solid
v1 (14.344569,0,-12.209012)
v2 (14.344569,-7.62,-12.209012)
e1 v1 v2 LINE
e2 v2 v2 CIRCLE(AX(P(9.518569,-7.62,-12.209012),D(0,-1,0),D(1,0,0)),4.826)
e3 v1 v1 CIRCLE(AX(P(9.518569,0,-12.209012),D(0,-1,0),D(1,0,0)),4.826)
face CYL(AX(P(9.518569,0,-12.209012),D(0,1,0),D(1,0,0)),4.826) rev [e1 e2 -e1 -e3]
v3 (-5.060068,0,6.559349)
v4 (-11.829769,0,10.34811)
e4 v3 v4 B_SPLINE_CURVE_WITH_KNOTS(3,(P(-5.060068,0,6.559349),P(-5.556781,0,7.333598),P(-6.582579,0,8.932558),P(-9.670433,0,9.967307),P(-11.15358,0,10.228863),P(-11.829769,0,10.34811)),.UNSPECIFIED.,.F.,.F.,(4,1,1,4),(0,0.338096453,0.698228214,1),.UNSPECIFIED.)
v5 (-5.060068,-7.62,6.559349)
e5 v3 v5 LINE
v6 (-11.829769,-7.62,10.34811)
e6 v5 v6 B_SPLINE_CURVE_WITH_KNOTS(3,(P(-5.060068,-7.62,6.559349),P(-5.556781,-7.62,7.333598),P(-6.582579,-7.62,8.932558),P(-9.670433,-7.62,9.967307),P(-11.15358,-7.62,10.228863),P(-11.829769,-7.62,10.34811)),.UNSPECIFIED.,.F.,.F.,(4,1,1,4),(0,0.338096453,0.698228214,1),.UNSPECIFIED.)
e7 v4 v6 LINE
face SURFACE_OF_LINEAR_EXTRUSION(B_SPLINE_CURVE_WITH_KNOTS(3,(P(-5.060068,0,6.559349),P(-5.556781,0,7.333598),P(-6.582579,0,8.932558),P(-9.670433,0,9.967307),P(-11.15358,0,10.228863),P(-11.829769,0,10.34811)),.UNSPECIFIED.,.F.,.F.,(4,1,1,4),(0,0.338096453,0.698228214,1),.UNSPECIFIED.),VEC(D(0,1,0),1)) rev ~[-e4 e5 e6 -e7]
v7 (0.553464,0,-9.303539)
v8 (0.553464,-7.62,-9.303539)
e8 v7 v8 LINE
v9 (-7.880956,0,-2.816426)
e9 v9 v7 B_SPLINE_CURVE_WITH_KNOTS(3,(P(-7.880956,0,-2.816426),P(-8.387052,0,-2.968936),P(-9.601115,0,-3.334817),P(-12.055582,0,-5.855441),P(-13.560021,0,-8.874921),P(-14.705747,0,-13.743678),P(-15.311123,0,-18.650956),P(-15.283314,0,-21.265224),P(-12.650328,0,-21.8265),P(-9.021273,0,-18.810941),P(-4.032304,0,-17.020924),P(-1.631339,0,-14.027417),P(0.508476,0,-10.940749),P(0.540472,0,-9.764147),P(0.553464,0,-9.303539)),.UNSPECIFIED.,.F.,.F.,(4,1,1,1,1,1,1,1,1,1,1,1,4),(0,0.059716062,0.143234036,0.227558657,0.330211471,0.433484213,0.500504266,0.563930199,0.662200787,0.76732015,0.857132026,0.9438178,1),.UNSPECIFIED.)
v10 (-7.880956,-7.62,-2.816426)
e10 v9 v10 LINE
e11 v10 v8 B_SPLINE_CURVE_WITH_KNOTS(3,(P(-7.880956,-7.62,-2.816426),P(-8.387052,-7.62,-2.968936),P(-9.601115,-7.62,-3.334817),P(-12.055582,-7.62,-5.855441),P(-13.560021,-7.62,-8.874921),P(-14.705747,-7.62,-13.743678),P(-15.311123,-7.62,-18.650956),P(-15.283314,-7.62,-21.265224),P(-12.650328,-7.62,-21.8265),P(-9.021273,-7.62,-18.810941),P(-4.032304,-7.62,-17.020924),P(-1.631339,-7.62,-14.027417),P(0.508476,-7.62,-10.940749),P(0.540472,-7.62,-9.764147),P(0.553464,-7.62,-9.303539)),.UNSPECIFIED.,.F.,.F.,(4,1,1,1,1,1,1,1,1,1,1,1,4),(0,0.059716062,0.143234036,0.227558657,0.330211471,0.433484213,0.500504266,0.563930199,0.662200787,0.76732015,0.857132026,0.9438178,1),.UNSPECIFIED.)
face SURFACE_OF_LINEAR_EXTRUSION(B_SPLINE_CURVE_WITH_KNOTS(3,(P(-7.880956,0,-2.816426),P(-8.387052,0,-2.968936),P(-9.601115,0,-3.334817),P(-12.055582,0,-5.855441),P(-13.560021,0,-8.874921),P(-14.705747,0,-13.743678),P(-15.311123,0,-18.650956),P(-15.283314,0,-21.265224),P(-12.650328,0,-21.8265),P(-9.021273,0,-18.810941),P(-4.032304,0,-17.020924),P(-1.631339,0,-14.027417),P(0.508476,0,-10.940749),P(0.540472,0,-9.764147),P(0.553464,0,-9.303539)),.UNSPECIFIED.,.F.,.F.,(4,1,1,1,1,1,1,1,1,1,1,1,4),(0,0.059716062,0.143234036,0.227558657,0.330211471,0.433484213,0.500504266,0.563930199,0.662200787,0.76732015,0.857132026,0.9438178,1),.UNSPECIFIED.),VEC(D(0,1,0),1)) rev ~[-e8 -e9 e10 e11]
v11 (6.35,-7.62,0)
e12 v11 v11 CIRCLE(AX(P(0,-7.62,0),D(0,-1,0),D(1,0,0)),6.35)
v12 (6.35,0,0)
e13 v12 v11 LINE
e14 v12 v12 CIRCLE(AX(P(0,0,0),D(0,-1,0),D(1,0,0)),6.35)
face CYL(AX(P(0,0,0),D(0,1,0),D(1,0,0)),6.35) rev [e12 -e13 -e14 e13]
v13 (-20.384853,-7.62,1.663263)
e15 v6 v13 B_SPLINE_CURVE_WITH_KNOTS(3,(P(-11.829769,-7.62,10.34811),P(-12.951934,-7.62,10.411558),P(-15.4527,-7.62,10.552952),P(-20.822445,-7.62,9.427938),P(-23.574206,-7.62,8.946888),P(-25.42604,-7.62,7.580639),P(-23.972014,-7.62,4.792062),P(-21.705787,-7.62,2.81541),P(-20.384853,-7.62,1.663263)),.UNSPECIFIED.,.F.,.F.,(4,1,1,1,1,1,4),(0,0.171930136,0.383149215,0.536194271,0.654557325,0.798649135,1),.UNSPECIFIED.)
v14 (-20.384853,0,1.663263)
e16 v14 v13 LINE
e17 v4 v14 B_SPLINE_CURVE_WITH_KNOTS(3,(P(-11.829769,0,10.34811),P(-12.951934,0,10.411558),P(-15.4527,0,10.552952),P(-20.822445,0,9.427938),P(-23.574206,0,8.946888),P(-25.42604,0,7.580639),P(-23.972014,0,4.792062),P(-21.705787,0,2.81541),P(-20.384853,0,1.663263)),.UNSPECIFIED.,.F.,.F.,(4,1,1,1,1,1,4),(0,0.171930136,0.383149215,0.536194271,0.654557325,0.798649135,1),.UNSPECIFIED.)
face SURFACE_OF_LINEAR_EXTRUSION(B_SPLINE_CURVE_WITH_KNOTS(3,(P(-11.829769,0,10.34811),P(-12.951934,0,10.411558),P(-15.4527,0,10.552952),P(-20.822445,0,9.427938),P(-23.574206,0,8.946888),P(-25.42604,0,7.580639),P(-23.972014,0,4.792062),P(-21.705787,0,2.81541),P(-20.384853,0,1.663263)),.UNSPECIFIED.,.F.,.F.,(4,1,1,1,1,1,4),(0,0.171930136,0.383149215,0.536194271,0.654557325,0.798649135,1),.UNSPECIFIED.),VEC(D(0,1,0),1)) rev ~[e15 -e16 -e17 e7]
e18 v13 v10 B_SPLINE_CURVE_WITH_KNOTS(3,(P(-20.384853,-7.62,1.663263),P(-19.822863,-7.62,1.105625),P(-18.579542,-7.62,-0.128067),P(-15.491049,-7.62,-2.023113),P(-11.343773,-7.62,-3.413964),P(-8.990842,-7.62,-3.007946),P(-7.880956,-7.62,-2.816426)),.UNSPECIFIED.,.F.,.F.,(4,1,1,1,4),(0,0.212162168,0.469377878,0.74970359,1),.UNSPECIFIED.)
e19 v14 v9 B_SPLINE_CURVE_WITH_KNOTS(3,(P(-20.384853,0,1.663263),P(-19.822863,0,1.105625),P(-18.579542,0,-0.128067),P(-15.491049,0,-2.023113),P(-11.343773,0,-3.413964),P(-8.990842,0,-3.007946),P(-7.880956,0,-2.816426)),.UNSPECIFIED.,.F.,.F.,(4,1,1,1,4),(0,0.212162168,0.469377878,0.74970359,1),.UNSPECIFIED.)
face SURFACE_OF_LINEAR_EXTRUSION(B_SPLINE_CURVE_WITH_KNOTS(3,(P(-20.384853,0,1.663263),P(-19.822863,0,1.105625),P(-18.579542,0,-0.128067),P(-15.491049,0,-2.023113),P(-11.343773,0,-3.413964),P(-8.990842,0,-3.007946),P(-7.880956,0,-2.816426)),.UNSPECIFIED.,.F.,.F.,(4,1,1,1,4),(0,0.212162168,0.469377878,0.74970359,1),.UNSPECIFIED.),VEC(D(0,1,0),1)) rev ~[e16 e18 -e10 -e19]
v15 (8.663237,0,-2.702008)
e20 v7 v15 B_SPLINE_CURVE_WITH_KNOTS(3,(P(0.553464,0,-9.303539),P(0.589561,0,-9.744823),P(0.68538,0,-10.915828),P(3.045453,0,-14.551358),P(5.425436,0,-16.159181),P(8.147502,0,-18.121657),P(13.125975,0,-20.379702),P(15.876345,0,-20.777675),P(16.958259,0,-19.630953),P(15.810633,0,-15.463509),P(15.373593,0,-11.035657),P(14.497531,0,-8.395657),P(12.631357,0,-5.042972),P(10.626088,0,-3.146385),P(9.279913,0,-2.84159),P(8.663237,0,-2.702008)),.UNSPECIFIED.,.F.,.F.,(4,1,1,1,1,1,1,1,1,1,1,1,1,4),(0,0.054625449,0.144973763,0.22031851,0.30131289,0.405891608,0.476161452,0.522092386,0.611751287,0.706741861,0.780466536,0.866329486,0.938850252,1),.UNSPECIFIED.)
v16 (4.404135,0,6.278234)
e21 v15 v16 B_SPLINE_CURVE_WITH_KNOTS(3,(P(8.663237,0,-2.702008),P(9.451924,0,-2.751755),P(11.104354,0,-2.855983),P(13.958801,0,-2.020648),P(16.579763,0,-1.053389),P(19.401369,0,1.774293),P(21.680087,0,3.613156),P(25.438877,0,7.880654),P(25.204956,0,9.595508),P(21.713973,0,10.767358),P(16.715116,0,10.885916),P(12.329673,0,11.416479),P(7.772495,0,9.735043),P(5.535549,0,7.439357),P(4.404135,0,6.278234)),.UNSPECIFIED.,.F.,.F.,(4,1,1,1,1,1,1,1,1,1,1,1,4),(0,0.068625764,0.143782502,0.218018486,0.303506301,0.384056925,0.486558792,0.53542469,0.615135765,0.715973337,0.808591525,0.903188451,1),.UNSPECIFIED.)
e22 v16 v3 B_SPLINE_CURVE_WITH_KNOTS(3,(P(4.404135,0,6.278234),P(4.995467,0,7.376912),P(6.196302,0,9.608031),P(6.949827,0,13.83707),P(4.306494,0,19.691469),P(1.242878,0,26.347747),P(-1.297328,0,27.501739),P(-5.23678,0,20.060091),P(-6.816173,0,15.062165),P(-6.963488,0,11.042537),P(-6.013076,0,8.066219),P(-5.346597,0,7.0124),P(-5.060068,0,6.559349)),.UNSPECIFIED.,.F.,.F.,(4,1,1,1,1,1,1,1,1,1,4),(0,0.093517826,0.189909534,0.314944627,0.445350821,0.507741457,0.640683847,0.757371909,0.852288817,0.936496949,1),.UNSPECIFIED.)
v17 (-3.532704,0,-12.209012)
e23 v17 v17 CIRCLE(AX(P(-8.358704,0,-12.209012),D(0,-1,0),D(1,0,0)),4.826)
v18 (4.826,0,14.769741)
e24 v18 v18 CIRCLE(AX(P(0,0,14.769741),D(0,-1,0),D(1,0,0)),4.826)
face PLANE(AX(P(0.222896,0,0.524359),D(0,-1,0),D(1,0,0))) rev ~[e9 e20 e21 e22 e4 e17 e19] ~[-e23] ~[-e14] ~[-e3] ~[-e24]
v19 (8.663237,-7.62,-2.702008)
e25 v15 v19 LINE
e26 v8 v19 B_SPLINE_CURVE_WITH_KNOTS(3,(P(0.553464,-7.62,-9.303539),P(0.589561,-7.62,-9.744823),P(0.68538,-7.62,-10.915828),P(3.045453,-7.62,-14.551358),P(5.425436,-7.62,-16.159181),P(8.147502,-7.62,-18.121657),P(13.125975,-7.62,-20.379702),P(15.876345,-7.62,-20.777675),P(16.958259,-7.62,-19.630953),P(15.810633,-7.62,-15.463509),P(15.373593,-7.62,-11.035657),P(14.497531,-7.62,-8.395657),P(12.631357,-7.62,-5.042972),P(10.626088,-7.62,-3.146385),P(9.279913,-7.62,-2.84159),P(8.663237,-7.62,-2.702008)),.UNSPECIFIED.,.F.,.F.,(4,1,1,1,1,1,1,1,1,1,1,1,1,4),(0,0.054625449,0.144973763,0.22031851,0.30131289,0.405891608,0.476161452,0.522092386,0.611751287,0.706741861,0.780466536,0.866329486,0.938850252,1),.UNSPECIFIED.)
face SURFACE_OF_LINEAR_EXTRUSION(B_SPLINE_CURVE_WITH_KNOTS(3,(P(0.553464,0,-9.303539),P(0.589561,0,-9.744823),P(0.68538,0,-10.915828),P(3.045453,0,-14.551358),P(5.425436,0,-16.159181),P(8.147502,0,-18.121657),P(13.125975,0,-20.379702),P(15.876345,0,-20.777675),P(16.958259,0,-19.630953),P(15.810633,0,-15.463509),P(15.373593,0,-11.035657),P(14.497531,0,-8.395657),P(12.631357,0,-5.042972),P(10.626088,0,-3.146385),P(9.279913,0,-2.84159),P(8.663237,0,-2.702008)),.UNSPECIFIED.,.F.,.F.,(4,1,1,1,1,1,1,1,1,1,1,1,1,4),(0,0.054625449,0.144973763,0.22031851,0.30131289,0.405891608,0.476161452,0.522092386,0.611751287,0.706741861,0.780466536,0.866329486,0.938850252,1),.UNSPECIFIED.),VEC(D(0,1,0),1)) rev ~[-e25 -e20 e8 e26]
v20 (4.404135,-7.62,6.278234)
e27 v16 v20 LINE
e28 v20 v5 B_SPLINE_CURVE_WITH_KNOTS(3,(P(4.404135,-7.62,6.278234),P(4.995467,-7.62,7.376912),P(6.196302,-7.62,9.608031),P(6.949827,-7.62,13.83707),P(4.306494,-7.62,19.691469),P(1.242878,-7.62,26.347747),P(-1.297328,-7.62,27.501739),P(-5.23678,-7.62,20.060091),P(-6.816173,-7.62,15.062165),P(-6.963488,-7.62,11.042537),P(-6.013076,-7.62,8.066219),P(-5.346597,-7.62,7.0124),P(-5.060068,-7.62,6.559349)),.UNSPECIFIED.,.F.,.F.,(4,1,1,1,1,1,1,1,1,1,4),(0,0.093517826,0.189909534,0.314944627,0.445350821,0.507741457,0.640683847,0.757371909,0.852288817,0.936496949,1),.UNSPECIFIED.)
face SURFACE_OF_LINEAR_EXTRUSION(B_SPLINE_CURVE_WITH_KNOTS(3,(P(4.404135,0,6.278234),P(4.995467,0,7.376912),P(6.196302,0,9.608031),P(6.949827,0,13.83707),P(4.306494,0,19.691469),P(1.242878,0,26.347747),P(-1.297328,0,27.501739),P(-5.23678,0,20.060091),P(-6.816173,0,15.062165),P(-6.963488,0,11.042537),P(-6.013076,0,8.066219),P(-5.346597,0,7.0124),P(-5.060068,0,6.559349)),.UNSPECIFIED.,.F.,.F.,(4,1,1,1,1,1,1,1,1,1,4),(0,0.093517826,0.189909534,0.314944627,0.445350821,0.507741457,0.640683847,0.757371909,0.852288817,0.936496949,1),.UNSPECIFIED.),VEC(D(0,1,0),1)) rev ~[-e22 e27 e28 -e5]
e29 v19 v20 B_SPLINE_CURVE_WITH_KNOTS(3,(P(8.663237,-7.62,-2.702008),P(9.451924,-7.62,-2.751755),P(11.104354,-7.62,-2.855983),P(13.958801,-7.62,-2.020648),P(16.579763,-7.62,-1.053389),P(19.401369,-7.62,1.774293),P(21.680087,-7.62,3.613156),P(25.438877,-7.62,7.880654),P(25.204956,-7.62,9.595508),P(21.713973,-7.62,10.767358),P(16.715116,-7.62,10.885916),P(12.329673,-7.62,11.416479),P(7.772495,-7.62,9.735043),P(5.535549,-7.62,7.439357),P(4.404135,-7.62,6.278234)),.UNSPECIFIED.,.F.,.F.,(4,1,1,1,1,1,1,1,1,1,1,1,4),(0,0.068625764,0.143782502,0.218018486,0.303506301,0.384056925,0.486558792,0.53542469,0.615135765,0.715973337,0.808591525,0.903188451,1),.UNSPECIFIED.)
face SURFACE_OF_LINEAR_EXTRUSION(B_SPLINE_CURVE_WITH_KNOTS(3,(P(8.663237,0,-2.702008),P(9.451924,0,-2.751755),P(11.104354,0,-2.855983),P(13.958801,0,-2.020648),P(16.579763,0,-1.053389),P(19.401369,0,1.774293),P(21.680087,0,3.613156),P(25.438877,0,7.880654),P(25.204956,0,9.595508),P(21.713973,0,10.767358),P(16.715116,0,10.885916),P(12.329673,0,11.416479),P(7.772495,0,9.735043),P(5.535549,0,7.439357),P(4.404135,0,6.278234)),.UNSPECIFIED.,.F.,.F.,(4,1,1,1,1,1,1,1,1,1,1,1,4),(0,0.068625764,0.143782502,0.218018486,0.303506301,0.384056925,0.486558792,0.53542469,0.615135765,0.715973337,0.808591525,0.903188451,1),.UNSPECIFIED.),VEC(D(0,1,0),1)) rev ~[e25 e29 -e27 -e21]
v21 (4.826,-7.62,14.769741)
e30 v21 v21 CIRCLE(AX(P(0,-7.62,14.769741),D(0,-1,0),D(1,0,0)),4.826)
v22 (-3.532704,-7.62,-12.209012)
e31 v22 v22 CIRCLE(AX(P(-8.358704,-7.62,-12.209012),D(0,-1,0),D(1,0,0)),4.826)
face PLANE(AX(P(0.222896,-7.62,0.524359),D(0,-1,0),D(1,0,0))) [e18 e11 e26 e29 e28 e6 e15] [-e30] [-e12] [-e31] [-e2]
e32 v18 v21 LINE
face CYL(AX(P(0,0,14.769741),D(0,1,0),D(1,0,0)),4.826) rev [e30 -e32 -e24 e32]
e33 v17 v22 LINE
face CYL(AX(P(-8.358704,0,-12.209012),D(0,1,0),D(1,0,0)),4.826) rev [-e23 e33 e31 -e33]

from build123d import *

# Parameters (mm, degrees)
F0_R     = 4.826
F0_R_2   = 6.35
F1_DEPTH = 7.62


with BuildPart() as f1:
    # F0 (on Front) → F1 (new body)
    with BuildSketch(Plane.XZ):
        with BuildLine():
            add(Edge.make_bspline(
                [(8.6632372785, -2.7020075007), (9.4519235152, -2.7517546604), (11.1043536678, -2.8559833165), (13.958801042, -2.0206480406), (16.5797632269, -1.0533890818), (19.4013688774, 1.7742927809), (21.6800865268, 3.6131555188), (25.4388770793, 7.8806544048), (25.2049561407, 9.5955078091), (21.7139732915, 10.767358458), (16.7151159148, 10.8859162941), (12.3296734811, 11.4164787243), (7.7724945531, 9.7350428974), (5.5355489065, 7.4393573177), (4.4041351913, 6.2782338212)],
                knots=[0, 0, 0, 0, 0.0686257635, 0.1437825025, 0.2180184861, 0.3035063008, 0.3840569246, 0.4865587924, 0.5354246903, 0.6151357649, 0.7159733369, 0.8085915253, 0.9031884508, 1, 1, 1, 1], degree=3))
            add(Edge.make_bspline(
                [(4.4041351913, 6.2782338212), (4.9954669157, 7.3769116724), (6.1963024959, 9.6080306882), (6.9498270259, 13.8370695141), (4.3064944933, 19.691469026), (1.2428777864, 26.3477469375), (-1.2973281187, 27.5017386032), (-5.236780481, 20.0600908894), (-6.8161734301, 15.0621645566), (-6.9634883982, 11.0425374202), (-6.013076411, 8.0662189948), (-5.3465969742, 7.0123999354), (-5.0600683816, 6.5593487605)],
                knots=[0, 0, 0, 0, 0.0935178256, 0.1899095343, 0.3149446274, 0.4453508211, 0.5077414574, 0.6406838471, 0.7573719085, 0.8522888167, 0.9364969493, 1, 1, 1, 1], degree=3))
            add(Edge.make_bspline(
                [(-5.0600683816, 6.5593487605), (-5.5567810492, 7.3335979917), (-6.5825794434, 8.9325578527), (-9.6704326107, 9.9673070436), (-11.153579537, 10.2288630886), (-11.8297685367, 10.3481104251)],
                knots=[0, 0, 0, 0, 0.3380964531, 0.6982282137, 1, 1, 1, 1], degree=3))
            add(Edge.make_bspline(
                [(-11.8297685367, 10.3481104251), (-12.9519344552, 10.4115580205), (-15.4527001787, 10.5529520598), (-20.8224447614, 9.4279382089), (-23.5742062474, 8.9468881404), (-25.4260400064, 7.5806393427), (-23.9720140739, 4.7920623124), (-21.7057866664, 2.8154098882), (-20.3848530347, 1.6632630839)],
                knots=[0, 0, 0, 0, 0.171930136, 0.383149215, 0.5361942712, 0.6545573245, 0.7986491354, 1, 1, 1, 1], degree=3))
            add(Edge.make_bspline(
                [(-20.3848530347, 1.6632630839), (-19.8228628744, 1.1056253136), (-18.5795415436, -0.1280669883), (-15.4910487521, -2.0231130283), (-11.3437731713, -3.4139639021), (-8.9908422869, -3.007945781), (-7.8809561192, -2.8164255373)],
                knots=[0, 0, 0, 0, 0.2121621678, 0.4693778779, 0.7497035899, 1, 1, 1, 1], degree=3))
            add(Edge.make_bspline(
                [(-7.8809561192, -2.8164255373), (-8.3870515255, -2.9689355634), (-9.6011153591, -3.3348172755), (-12.0555816625, -5.8554408885), (-13.5600208538, -8.8749210266), (-14.7057466836, -13.7436782463), (-15.3111232987, -18.6509559808), (-15.2833142873, -21.2652237118), (-12.6503282798, -21.8264998823), (-9.0212734657, -18.8109413955), (-4.0323037278, -17.0209239772), (-1.6313386527, -14.0274166163), (0.5084757173, -10.9407490825), (0.540471539, -9.764147307), (0.5534639861, -9.3035393332)],
                knots=[0, 0, 0, 0, 0.0597160615, 0.1432340365, 0.2275586567, 0.330211471, 0.4334842125, 0.5005042657, 0.5639301992, 0.6622007872, 0.7673201495, 0.8571320257, 0.9438178001, 1, 1, 1, 1], degree=3))
            add(Edge.make_bspline(
                [(0.5534639861, -9.3035393332), (0.58956143, -9.7448225278), (0.6853800518, -10.915827936), (3.0454532406, -14.5513581047), (5.425435663, -16.1591807609), (8.1475018355, -18.1216571091), (13.1259752578, -20.3797015726), (15.8763450773, -20.7776753892), (16.9582586913, -19.6309531907), (15.8106331655, -15.4635093503), (15.37359308, -11.0356568864), (14.497531298, -8.3956574937), (12.6313566193, -5.0429717122), (10.6260877156, -3.1463854545), (9.2799133373, -2.8415899602), (8.6632372785, -2.7020075007)],
                knots=[0, 0, 0, 0, 0.0546254495, 0.1449737632, 0.2203185102, 0.3013128905, 0.405891608, 0.4761614519, 0.5220923864, 0.611751287, 0.7067418608, 0.7804665364, 0.8663294856, 0.9388502522, 1, 1, 1, 1], degree=3))
        make_face()
        with Locations((-8.3587039262, -12.2090121731)):
            Circle(F0_R, mode=Mode.SUBTRACT)
        Circle(F0_R_2, mode=Mode.SUBTRACT)
        with Locations((9.5185693353, -12.2090121731)):
            Circle(F0_R, mode=Mode.SUBTRACT)
        with Locations((0, 14.769741334)):
            Circle(F0_R, mode=Mode.SUBTRACT)
    extrude(amount=F1_DEPTH)


solid = f1.part
